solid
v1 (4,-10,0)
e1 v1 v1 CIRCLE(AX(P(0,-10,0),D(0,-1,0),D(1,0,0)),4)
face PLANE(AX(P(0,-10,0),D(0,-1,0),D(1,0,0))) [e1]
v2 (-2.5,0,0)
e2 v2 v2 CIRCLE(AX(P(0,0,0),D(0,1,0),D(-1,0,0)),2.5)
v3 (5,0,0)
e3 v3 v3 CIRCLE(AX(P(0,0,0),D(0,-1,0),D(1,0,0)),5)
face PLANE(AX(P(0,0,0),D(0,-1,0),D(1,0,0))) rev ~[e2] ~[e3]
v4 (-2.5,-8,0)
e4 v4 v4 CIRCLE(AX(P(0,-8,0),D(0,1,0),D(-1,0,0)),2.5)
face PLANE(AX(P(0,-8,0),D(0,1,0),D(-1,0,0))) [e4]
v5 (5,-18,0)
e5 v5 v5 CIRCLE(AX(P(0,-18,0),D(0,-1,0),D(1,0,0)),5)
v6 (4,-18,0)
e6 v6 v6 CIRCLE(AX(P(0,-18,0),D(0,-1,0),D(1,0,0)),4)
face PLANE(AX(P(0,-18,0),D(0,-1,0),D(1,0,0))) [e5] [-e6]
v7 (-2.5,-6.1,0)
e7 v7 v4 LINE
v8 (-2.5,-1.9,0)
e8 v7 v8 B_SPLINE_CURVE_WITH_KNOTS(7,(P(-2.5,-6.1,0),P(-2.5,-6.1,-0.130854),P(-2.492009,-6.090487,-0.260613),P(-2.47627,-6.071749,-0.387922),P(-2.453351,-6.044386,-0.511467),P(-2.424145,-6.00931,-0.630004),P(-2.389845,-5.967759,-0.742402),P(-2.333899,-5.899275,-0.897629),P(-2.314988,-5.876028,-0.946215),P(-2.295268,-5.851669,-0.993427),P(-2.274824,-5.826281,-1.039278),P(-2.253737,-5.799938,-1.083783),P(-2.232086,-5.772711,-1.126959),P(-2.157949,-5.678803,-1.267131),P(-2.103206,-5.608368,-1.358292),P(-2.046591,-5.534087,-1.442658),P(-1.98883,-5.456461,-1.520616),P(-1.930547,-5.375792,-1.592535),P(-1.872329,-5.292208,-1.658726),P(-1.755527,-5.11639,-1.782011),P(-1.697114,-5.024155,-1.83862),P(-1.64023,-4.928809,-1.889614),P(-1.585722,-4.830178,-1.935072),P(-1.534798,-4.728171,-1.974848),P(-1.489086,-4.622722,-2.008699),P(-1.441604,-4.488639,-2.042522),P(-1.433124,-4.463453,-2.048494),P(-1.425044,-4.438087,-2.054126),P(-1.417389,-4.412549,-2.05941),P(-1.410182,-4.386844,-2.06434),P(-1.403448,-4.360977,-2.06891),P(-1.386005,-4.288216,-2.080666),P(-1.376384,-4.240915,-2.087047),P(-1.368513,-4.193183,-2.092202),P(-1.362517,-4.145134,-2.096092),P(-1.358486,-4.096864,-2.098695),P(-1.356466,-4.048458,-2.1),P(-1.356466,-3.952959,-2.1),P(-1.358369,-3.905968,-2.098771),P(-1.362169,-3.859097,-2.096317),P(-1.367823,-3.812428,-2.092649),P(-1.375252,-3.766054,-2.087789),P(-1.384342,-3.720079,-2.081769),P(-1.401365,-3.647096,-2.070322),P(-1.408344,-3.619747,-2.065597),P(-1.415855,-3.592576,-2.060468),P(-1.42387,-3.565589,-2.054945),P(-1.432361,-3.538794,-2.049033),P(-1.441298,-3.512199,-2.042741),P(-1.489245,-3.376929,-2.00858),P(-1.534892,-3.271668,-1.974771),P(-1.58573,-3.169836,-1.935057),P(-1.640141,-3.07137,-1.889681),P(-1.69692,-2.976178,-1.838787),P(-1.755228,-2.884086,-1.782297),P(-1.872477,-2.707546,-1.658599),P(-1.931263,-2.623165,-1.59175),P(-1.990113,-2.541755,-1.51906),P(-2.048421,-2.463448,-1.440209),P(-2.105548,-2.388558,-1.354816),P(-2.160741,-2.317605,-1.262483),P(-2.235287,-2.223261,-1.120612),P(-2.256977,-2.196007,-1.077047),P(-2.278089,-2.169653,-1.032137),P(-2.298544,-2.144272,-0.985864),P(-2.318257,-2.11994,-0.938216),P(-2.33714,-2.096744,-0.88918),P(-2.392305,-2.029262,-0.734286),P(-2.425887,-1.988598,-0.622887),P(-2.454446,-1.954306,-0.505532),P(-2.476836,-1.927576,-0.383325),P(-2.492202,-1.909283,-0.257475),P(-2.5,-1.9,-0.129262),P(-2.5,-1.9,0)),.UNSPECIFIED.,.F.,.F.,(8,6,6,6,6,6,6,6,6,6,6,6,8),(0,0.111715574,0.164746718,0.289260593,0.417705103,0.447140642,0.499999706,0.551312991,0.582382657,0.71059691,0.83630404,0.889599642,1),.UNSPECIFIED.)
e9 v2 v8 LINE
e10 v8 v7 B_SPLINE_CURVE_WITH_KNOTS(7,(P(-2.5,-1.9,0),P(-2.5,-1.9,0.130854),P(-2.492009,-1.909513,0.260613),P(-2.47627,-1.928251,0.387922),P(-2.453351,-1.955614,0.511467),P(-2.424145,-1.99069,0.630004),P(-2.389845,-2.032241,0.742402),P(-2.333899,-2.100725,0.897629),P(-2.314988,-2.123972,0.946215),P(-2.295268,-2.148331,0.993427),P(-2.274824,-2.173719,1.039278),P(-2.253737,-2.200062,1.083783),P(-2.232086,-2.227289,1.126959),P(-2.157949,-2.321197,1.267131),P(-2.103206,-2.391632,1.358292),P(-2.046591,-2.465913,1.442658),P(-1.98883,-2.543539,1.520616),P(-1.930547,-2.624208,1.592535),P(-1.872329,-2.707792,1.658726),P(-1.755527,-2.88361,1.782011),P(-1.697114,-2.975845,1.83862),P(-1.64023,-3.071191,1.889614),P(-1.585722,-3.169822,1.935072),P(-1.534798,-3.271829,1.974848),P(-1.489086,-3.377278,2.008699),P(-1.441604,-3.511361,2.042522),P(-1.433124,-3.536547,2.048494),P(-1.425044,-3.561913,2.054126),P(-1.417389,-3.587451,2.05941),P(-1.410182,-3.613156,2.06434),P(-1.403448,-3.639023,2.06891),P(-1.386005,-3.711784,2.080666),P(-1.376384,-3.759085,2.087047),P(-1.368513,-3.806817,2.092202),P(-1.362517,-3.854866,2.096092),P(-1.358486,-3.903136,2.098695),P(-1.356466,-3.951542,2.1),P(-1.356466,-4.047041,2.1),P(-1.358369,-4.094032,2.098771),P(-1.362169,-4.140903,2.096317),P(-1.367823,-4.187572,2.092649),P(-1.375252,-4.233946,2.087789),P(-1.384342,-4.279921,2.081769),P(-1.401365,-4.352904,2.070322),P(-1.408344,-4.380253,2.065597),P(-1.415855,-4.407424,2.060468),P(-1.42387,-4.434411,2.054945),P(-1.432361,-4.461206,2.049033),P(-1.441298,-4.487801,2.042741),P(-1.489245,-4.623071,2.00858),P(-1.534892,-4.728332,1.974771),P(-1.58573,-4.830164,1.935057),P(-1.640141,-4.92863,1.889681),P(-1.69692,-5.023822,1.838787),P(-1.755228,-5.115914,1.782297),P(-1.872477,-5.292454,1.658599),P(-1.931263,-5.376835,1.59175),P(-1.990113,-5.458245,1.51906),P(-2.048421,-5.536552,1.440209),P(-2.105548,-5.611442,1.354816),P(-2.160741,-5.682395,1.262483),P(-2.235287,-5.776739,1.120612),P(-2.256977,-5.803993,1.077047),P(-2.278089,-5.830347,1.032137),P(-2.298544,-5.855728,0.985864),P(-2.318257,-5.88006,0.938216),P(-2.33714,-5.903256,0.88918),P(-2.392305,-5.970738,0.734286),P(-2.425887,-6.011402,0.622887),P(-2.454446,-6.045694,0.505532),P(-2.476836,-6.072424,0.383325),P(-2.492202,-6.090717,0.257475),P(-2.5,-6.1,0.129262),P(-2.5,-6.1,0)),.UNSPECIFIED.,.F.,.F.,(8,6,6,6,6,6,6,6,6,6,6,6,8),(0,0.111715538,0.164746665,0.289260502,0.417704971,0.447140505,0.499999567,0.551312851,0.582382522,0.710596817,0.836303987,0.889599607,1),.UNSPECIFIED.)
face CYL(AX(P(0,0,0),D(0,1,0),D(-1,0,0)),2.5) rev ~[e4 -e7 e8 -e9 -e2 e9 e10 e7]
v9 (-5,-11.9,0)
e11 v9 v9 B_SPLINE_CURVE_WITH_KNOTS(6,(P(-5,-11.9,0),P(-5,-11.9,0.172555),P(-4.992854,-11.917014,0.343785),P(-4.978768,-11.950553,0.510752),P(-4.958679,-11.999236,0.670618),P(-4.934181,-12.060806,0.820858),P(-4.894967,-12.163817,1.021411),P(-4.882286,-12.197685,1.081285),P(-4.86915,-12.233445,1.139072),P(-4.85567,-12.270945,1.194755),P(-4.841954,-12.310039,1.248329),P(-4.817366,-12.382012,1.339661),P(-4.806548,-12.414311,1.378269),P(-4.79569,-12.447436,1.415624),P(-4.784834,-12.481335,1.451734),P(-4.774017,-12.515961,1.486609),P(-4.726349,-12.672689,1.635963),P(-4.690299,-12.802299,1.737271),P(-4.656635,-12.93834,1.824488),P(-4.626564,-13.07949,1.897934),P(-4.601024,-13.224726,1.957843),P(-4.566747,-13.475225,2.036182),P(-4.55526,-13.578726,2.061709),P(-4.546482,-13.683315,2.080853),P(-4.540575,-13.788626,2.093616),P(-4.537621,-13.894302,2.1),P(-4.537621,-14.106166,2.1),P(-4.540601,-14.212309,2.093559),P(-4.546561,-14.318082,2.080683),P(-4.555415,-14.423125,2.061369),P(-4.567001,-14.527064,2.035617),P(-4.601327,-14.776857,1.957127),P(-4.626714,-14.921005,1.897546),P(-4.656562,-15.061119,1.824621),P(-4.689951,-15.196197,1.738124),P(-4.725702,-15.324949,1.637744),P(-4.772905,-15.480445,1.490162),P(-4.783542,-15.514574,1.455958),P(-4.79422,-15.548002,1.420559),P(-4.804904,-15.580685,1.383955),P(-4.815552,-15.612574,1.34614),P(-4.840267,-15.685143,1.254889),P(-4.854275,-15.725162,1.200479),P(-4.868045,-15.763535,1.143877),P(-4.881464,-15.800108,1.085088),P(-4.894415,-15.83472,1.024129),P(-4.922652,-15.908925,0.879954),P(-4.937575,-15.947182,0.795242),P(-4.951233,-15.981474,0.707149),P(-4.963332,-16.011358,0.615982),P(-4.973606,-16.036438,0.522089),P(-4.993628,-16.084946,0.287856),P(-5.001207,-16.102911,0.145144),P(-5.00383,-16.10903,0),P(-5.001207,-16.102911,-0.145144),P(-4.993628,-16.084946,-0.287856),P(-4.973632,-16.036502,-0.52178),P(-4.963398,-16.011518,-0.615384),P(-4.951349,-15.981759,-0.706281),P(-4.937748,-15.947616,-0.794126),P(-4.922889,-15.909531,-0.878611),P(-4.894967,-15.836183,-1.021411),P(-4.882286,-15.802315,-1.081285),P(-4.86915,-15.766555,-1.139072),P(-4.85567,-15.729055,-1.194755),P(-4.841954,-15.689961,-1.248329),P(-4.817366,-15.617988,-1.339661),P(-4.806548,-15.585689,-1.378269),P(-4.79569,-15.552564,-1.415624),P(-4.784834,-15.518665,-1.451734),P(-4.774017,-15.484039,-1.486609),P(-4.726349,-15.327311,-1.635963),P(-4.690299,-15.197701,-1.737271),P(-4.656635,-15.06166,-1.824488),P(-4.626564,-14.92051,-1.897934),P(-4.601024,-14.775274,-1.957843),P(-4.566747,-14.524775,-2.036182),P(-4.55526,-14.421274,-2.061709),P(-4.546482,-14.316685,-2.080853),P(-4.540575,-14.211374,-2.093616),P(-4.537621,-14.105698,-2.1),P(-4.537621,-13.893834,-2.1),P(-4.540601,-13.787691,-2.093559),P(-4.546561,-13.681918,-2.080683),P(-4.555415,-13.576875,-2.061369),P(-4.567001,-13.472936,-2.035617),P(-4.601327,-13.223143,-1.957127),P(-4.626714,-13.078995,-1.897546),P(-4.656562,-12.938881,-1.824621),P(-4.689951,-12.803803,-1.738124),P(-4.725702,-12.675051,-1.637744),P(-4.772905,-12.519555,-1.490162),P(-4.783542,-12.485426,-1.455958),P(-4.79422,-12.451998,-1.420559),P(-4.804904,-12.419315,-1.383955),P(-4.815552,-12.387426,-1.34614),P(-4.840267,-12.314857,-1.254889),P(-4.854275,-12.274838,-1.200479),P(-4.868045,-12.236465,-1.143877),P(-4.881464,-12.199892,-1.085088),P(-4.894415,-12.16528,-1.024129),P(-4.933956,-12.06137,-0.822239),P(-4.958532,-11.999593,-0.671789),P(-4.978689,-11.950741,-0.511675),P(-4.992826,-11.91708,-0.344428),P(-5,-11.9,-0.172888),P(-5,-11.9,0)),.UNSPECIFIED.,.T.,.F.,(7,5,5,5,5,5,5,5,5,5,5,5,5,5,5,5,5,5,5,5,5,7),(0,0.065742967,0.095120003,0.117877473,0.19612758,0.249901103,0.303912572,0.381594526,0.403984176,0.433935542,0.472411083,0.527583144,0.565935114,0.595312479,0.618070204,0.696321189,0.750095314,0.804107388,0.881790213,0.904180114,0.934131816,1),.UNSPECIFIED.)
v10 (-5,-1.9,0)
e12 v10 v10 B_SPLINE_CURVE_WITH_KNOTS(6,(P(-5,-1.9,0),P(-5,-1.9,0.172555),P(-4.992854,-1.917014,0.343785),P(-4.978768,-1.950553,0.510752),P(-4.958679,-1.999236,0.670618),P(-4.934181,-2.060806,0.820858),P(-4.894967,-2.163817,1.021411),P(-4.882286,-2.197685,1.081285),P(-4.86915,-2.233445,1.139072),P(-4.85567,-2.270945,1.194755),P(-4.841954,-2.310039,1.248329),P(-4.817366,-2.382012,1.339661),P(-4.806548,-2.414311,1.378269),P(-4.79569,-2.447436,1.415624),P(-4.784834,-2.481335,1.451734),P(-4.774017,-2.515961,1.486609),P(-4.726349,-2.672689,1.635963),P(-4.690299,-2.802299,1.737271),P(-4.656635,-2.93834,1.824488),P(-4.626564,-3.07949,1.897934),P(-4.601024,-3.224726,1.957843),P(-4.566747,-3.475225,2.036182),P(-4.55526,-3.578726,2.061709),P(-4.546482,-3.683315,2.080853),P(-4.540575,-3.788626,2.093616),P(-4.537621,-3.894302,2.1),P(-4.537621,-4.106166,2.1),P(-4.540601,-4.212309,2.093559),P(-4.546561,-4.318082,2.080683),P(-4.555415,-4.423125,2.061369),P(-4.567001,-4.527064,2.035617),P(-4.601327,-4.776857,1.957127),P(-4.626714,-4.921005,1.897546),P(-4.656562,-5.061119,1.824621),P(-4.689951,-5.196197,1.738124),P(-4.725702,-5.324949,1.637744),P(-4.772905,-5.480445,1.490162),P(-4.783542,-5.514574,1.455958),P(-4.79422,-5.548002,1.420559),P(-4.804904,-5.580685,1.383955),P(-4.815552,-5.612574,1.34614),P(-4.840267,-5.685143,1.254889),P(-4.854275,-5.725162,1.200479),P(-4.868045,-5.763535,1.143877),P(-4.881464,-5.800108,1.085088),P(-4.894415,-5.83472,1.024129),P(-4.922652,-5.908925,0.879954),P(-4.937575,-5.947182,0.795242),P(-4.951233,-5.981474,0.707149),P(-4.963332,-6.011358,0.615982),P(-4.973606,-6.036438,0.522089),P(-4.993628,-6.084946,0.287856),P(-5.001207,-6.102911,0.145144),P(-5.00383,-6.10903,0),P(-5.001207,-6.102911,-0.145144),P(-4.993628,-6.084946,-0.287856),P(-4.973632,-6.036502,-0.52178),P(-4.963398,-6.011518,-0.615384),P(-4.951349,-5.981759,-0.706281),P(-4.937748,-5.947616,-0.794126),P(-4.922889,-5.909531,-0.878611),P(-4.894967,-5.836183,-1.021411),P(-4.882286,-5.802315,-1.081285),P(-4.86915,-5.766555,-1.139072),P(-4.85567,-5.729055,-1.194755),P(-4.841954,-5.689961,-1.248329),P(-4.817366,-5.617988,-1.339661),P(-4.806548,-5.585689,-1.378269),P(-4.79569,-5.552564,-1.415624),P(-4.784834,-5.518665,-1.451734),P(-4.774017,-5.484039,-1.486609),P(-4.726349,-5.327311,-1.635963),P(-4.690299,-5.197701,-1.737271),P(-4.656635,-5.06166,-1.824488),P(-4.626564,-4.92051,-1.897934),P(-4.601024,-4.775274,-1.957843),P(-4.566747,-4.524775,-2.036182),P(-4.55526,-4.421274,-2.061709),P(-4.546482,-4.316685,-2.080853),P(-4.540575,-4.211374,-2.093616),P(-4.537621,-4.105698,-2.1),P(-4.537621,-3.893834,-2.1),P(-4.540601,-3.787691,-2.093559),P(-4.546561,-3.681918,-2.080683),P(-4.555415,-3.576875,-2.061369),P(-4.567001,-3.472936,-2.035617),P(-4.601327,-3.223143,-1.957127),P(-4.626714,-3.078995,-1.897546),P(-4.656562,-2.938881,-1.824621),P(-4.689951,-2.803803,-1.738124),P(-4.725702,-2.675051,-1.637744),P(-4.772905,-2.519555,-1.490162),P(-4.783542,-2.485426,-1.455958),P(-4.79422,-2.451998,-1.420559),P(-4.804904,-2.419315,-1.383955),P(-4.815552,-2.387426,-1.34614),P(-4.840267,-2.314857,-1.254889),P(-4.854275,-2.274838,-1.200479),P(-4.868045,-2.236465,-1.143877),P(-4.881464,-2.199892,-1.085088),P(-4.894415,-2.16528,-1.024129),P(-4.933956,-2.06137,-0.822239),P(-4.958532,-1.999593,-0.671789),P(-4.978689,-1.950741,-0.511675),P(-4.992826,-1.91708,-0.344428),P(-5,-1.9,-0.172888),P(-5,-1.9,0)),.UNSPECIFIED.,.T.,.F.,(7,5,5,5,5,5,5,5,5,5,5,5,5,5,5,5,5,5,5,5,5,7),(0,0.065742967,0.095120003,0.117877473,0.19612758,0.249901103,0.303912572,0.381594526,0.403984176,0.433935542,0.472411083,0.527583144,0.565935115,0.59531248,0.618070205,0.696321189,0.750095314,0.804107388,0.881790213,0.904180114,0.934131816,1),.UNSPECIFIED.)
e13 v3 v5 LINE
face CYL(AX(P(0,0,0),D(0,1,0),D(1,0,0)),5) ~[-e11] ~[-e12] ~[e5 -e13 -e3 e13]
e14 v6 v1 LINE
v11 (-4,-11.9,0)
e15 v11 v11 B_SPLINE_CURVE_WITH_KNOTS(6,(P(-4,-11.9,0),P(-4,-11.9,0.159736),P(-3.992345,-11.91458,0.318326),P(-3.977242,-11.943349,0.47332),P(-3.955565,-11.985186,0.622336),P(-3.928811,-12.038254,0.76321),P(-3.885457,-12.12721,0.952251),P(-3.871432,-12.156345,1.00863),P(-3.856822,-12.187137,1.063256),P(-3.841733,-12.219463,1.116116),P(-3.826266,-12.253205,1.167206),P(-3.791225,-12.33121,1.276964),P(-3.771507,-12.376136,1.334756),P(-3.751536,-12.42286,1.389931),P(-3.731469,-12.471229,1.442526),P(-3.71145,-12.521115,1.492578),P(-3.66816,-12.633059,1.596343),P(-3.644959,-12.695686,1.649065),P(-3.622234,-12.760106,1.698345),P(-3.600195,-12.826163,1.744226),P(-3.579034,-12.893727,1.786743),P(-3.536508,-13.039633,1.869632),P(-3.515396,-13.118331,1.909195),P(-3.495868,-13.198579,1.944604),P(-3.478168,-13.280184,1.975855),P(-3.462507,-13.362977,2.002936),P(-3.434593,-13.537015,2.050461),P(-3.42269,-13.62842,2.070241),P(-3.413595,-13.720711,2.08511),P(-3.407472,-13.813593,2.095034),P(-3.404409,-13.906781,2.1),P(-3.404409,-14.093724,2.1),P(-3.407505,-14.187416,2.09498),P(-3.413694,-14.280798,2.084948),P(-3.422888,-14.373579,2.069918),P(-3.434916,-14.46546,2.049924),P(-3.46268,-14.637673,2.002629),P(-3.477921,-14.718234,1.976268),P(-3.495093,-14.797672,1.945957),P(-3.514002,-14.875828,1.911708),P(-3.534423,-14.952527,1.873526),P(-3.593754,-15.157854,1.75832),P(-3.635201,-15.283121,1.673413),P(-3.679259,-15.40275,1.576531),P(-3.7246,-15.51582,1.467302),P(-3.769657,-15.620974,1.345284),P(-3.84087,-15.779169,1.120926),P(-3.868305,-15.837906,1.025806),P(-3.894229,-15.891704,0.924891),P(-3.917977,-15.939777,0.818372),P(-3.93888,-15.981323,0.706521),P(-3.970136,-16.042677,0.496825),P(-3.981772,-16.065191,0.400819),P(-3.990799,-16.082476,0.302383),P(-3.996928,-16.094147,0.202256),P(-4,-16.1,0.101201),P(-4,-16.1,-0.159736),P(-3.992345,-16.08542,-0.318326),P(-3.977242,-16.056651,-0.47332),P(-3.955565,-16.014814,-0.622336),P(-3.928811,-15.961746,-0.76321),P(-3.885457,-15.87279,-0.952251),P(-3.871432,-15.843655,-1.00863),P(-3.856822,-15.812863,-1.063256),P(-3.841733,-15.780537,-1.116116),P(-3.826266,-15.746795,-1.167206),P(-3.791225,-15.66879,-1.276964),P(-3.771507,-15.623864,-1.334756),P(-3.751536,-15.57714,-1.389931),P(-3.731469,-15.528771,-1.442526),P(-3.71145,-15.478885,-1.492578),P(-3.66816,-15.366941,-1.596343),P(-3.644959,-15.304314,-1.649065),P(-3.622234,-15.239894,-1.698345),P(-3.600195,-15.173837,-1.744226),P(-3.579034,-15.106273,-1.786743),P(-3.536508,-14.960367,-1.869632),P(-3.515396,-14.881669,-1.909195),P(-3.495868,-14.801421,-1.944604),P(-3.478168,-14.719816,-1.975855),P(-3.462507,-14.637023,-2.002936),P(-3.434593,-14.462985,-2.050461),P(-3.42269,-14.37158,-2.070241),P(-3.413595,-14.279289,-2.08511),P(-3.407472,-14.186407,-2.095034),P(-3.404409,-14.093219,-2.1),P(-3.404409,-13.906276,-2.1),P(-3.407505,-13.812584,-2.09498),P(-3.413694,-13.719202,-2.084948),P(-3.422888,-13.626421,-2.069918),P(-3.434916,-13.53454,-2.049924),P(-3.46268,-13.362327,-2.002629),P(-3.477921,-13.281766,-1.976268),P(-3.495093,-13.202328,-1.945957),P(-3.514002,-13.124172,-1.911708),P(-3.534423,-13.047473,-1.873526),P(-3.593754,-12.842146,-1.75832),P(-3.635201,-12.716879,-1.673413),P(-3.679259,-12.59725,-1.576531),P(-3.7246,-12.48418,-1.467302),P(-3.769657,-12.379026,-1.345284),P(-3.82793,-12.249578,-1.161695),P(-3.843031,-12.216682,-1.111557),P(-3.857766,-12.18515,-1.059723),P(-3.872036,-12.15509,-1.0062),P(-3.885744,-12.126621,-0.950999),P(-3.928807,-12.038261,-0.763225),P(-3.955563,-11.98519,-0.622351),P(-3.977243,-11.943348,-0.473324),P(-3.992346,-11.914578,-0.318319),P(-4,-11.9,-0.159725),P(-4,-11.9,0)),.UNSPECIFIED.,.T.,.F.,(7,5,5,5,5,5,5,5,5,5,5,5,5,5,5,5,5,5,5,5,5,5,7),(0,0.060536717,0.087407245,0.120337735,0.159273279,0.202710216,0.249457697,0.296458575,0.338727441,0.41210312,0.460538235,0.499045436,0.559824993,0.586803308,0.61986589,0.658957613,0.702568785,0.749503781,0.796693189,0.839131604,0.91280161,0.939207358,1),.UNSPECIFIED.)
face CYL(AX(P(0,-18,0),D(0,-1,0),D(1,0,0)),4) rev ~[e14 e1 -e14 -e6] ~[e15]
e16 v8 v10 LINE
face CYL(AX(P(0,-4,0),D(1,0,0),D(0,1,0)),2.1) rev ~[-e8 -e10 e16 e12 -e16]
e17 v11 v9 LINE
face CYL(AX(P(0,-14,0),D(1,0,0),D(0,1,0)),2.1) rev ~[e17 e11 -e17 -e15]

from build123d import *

# Parameters (mm, degrees)
F0_R     = 5
F1_DEPTH = 18
F2_R     = 4
F3_DEPTH = 8
F4_R     = 2.5
F5_DEPTH = 8
F7_D     = 4.2
F7_DEPTH = 14.4
F7_TIP   = 1.2618073
F8_D     = 4.2
F8_DEPTH = 14.4
F8_TIP   = 1.2618073


with BuildPart() as f1:
    # F0 (on Front) → F1 (new body)
    with BuildSketch(Plane.XZ):
        Circle(F0_R)
    extrude(amount=F1_DEPTH)

    # F2 (on face) → F3 (cut)
    with BuildSketch(Plane.XZ.offset(18)):
        Circle(F2_R)
    extrude(amount=-F3_DEPTH, mode=Mode.SUBTRACT)

    # F4 (on face) → F5 (cut)
    with BuildSketch(Plane(origin=(0, 0, 0), x_dir=(-1, 0, 0), z_dir=(0, 1, 0))):
        Circle(F4_R)
    extrude(amount=-F5_DEPTH, mode=Mode.SUBTRACT)

    # F7 (one way)
    with BuildSketch(Plane.YZ):
        with Locations((-4, 0)):
            Circle(F7_D / 2)
    extrude(amount=-F7_DEPTH, mode=Mode.SUBTRACT)
    with Locations(Plane.YZ):
        with Locations((-4, 0)):
            with Locations((0, 0, -(F7_DEPTH + F7_TIP / 2))):  # 118° drill point
                Cone(0, F7_D / 2, F7_TIP, mode=Mode.SUBTRACT)

    # F8 (one way)
    with BuildSketch(Plane.YZ):
        with Locations((-14, 0)):
            Circle(F8_D / 2)
    extrude(amount=-F8_DEPTH, mode=Mode.SUBTRACT)
    with Locations(Plane.YZ):
        with Locations((-14, 0)):
            with Locations((0, 0, -(F8_DEPTH + F8_TIP / 2))):  # 118° drill point
                Cone(0, F8_D / 2, F8_TIP, mode=Mode.SUBTRACT)


solid = f1.part
